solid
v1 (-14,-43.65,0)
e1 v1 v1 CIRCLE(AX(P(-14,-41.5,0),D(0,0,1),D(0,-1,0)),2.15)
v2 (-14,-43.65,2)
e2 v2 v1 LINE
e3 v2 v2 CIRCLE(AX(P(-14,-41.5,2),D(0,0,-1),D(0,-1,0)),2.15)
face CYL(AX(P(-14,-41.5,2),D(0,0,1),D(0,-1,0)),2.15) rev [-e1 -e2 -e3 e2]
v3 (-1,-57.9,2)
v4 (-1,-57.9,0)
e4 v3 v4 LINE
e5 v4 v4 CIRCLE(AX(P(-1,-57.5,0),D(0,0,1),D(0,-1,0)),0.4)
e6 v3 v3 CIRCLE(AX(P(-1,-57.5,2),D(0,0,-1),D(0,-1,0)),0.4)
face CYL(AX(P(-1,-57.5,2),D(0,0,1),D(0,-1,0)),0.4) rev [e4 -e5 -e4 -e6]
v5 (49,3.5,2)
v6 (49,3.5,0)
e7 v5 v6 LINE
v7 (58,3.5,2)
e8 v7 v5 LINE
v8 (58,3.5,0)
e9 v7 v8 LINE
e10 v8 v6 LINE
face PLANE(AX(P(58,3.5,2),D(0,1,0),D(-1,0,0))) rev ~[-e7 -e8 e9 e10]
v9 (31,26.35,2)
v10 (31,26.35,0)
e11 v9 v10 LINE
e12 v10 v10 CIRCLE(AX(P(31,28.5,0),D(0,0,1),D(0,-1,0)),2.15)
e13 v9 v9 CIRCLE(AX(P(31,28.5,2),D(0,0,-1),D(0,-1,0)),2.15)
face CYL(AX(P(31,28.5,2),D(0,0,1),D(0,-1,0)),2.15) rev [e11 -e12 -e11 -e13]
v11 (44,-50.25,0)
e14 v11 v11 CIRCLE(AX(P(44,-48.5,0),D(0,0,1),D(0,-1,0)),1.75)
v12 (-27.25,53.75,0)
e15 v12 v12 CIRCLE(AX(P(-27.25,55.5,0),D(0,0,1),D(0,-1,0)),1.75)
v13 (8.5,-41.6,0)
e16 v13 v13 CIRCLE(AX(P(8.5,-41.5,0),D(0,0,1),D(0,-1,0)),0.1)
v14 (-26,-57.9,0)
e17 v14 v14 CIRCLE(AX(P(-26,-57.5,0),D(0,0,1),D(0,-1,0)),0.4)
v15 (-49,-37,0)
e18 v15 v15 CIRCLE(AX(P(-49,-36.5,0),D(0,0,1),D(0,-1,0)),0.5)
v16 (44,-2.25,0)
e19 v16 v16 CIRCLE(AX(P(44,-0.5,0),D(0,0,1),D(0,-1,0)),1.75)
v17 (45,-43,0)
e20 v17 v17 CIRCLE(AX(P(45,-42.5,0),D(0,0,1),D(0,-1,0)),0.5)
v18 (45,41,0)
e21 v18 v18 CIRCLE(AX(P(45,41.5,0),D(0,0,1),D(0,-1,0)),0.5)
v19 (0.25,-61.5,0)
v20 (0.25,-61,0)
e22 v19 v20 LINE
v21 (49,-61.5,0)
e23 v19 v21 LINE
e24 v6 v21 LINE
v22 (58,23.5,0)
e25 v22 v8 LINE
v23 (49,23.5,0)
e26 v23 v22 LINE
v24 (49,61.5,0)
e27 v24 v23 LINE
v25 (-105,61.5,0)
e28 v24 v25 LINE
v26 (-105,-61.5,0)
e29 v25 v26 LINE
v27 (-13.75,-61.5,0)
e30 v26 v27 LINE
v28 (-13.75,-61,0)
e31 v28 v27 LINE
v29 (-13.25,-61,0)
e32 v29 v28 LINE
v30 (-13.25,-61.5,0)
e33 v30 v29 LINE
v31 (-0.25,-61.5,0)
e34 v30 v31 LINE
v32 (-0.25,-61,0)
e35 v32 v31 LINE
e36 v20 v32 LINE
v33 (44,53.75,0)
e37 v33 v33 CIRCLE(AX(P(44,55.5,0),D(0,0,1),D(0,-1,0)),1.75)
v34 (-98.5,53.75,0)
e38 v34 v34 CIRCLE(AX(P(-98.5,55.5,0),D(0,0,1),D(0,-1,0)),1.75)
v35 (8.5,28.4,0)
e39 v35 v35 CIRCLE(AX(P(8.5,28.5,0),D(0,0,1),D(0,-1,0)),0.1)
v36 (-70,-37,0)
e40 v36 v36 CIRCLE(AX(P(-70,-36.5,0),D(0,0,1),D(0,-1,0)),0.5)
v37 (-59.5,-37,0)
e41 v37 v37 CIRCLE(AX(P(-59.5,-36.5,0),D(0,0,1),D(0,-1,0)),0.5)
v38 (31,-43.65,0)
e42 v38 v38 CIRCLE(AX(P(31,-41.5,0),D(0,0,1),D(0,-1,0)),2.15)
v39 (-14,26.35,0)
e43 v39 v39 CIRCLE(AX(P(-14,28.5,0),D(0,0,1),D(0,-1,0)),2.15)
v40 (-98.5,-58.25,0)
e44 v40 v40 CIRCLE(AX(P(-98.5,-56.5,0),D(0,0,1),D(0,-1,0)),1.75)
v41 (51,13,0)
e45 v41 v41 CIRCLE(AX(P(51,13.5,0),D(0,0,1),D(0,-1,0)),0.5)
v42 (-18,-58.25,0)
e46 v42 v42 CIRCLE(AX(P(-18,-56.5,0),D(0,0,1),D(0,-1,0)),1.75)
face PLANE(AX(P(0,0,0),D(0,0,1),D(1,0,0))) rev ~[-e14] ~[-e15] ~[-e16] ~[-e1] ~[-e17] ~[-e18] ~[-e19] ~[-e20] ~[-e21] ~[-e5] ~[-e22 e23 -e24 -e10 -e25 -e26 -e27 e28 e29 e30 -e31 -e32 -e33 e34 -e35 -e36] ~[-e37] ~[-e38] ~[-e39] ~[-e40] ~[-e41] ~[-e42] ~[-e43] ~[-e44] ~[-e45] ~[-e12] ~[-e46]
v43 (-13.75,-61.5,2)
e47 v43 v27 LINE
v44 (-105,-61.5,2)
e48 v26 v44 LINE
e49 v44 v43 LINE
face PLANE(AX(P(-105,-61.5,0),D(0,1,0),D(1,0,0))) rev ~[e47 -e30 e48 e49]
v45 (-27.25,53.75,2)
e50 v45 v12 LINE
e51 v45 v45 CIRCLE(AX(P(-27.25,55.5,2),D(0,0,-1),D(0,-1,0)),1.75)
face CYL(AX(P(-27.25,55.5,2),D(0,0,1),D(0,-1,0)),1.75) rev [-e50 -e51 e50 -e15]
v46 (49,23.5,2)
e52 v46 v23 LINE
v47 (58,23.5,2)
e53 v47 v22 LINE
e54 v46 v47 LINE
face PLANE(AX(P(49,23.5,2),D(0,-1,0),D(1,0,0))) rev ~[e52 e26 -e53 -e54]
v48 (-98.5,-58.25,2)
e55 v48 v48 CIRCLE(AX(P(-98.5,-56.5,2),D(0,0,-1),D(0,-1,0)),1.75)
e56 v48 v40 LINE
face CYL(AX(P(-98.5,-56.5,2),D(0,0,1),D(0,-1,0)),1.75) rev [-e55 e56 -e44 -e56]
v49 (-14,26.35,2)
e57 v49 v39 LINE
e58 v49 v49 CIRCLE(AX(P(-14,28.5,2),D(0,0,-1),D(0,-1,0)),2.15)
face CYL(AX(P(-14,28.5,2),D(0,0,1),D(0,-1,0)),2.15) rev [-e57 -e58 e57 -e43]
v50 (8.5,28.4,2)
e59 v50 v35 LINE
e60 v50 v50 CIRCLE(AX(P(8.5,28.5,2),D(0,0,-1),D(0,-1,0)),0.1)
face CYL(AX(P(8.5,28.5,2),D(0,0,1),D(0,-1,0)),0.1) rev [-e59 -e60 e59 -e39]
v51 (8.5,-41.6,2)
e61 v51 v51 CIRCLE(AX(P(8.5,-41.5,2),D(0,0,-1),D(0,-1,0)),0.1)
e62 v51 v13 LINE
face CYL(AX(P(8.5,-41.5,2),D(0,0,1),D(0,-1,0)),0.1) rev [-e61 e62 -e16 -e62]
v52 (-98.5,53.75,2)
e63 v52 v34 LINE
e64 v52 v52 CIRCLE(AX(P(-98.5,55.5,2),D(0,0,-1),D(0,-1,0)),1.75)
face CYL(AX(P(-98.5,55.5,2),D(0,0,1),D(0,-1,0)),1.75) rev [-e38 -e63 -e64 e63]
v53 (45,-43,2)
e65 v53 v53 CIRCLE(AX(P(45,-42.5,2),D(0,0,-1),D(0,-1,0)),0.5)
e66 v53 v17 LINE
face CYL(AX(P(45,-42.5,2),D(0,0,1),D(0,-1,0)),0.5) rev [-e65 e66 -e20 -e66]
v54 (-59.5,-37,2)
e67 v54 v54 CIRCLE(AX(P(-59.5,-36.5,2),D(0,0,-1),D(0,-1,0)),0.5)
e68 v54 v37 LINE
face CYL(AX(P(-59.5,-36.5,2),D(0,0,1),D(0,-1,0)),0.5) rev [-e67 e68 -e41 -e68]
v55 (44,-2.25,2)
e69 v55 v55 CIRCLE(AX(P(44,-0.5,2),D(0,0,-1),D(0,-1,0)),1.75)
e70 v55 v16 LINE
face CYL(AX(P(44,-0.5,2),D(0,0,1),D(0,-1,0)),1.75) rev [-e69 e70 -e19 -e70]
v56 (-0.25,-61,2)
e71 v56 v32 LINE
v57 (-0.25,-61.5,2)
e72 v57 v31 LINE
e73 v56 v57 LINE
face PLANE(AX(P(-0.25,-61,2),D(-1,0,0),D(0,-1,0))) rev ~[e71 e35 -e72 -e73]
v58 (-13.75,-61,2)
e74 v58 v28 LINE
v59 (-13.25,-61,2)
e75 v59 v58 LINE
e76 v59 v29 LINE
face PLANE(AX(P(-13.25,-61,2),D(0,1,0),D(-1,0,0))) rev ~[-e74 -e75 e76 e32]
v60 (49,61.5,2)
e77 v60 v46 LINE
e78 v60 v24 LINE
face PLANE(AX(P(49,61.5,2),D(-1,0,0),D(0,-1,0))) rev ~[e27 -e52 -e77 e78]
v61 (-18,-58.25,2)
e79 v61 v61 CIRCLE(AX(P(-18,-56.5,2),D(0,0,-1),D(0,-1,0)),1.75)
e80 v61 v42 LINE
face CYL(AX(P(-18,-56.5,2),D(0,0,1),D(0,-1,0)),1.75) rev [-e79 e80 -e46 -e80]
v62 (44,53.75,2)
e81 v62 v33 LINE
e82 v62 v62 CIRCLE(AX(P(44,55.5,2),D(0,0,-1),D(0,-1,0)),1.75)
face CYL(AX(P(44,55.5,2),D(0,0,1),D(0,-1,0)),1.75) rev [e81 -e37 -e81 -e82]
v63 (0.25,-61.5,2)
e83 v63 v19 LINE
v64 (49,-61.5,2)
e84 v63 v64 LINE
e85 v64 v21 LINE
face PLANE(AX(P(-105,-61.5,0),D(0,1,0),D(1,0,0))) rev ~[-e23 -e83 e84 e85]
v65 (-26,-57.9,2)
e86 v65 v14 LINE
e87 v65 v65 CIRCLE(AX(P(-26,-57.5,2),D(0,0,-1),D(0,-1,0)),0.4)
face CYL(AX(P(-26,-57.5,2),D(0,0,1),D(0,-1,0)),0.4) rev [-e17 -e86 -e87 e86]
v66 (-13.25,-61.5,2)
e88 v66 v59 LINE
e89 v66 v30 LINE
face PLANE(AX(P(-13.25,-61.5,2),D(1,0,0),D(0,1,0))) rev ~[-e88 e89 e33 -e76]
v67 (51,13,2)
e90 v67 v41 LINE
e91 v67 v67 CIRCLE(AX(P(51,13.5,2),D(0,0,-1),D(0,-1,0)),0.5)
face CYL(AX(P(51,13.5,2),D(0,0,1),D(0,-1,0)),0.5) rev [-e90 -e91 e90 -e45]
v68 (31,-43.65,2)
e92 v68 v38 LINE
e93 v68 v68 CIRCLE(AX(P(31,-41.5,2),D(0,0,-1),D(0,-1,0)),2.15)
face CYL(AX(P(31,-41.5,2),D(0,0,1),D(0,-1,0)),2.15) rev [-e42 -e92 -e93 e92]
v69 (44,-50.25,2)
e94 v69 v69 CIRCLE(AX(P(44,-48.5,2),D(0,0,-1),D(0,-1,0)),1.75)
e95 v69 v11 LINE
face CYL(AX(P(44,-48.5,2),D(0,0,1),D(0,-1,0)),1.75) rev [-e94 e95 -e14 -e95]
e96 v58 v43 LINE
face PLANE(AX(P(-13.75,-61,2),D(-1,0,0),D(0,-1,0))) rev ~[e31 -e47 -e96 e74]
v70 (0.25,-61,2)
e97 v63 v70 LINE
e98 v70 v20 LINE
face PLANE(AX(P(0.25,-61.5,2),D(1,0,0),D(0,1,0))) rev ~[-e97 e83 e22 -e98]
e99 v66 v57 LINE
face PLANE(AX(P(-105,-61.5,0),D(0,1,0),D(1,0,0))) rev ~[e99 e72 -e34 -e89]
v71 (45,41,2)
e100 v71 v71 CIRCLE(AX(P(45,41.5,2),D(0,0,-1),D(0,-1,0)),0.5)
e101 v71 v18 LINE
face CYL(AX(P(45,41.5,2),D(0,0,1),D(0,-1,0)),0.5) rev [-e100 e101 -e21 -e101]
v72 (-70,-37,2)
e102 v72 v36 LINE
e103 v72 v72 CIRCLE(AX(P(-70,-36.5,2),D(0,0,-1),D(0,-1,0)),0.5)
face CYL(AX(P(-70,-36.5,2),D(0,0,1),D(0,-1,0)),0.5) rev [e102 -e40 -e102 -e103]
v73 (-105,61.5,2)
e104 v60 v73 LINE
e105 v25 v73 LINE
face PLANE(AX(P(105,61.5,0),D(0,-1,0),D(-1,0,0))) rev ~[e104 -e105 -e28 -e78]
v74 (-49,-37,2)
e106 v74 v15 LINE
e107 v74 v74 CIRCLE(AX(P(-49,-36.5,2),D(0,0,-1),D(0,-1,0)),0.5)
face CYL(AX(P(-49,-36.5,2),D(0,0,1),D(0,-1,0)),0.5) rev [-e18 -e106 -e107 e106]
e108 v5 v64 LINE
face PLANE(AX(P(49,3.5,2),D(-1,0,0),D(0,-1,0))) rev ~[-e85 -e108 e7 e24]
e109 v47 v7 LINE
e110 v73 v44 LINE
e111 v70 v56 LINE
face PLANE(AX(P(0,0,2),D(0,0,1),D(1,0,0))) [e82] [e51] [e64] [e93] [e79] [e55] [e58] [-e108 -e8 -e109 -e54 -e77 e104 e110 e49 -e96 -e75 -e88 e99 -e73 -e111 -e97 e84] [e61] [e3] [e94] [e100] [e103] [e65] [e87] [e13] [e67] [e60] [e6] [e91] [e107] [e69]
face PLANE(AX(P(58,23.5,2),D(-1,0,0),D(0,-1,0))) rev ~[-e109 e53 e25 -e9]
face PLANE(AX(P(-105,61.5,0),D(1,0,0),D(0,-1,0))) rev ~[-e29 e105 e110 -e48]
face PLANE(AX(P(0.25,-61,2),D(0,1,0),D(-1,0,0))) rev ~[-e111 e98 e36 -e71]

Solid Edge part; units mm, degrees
sketch "Sketch1" plane through (0, 0, 0) normal (0, 0, 1) x (1, 0, 0)
  line L0 (-105, -61.5) -> (105, -61.5)
  line L1 (105, -61.5) -> (105, 61.5)
  line L2 (105, 61.5) -> (-105, 61.5)
  line L3 (-105, 61.5) -> (-105, -61.5)
  dimension "D1" = 123
  dimension "D2" = 210
extrude "Protrusion1" add sketch "Sketch1" along normal blind 2
hole "Hole1" at (-1, -57.5, 2) direction (0, 0, -1) diameter 0.8 end through all
hole "Hole2" at (-26, -57.5, 2) direction (0, 0, -1) diameter 0.8 end through all
sketch "Sketch2" plane through (0, 0, 2) normal (0, 0, 1) x (-1, 0, 0)
  line L0 (-0.25, 61) -> (0.25, 61)
  line L1 (0.25, 61) -> (0.25, 61.5)
  line L2 (0.25, 61.5) -> (-0.25, 61.5)
  line L3 (-0.25, 61.5) -> (-0.25, 61)
  dimension "D1" = 0.5
extrude "Cutout1" cut sketch "Sketch2" against normal through all
sketch "Sketch3" plane through (0, 0, 2) normal (0, 0, 1) x (1, 0, 0)
  line L0 (105, -61.5) -> (105, 61.5)
  line L1 (49, -61.5) -> (105, -61.5)
  line L2 (49, 3.5) -> (49, -61.5)
  line L3 (58, 3.5) -> (49, 3.5)
  line L4 (58, 23.5) -> (58, 3.5)
  line L5 (49, 23.5) -> (58, 23.5)
  line L6 (49, 61.5) -> (49, 23.5)
  line L7 (105, 61.5) -> (49, 61.5)
  dimension "D1" = 154
  dimension "D2" = 20
  dimension "D3" = 38
  dimension "D4" = 9
extrude "Ausschnitt_3" cut sketch "Sketch3" against normal blind 2
hole "Hole3" at (-98.5, 55.5, 2) direction (0, 0, -1) diameter 3.5 end through all
hole "Hole4" at (44, 55.5, 2) direction (0, 0, -1) diameter 3.5 end through all
hole "Hole5" at (44, -48.5, 2) direction (0, 0, -1) diameter 3.5 end through all
hole "Hole6" at (-18, -56.5, 2) direction (0, 0, -1) diameter 3.5 end through all
hole "Hole7" at (-98.5, -56.5, 2) direction (0, 0, -1) diameter 3.5 end through all
hole "Hole8" at (44, -0.5, 2) direction (0, 0, -1) diameter 3.5 end through all
hole "Hole9" at (-27.25, 55.5, 2) direction (0, 0, -1) diameter 3.5 end through all
hole "Hole10" at (45, -42.5, 2) direction (0, 0, -1) diameter 1 end through all
hole "Hole11" at (45, 41.5, 2) direction (0, 0, -1) diameter 1 end through all
hole "Hole12" at (51, 13.5, 2) direction (0, 0, -1) diameter 1 end through all
hole "Hole13" at (-59.5, -36.5, 2) direction (0, 0, -1) diameter 1 end through all
hole "Hole14" at (-49, -36.5, 2) direction (0, 0, -1) diameter 1 end through all
hole "Hole15" at (-70, -36.5, 2) direction (0, 0, -1) diameter 1 end through all
hole "Hole16" at (31, 28.5, 2) direction (0, 0, -1) diameter 4.3 end up to next
hole "Hole17" at (31, -41.5, 2) direction (0, 0, -1) diameter 4.3 end up to next
hole "Hole18" at (-14, -41.5, 2) direction (0, 0, -1) diameter 4.3 end up to next
hole "Hole19" at (-14, 28.5, 2) direction (0, 0, -1) diameter 4.3 end up to next
hole "Hole20" at (8.5, -41.5, 2) direction (0, 0, -1) diameter 0.2 end through all
hole "Hole21" at (8.5, 28.5, 2) direction (0, 0, -1) diameter 0.2 end through all
sketch "Sketch4" plane through (-23.4888, 0, 2) normal (0, 0, 1) x (1, 0, 0)
  line L0 (9.7388, -61.5) -> (10.2388, -61.5)
  line L1 (10.2388, -61.5) -> (10.2388, -61)
  line L2 (10.2388, -61) -> (9.7388, -61)
  line L3 (9.7388, -61) -> (9.7388, -61.5)
  dimension "D1" = 0.5
extrude "Cutout2" cut sketch "Sketch4" against normal through all
